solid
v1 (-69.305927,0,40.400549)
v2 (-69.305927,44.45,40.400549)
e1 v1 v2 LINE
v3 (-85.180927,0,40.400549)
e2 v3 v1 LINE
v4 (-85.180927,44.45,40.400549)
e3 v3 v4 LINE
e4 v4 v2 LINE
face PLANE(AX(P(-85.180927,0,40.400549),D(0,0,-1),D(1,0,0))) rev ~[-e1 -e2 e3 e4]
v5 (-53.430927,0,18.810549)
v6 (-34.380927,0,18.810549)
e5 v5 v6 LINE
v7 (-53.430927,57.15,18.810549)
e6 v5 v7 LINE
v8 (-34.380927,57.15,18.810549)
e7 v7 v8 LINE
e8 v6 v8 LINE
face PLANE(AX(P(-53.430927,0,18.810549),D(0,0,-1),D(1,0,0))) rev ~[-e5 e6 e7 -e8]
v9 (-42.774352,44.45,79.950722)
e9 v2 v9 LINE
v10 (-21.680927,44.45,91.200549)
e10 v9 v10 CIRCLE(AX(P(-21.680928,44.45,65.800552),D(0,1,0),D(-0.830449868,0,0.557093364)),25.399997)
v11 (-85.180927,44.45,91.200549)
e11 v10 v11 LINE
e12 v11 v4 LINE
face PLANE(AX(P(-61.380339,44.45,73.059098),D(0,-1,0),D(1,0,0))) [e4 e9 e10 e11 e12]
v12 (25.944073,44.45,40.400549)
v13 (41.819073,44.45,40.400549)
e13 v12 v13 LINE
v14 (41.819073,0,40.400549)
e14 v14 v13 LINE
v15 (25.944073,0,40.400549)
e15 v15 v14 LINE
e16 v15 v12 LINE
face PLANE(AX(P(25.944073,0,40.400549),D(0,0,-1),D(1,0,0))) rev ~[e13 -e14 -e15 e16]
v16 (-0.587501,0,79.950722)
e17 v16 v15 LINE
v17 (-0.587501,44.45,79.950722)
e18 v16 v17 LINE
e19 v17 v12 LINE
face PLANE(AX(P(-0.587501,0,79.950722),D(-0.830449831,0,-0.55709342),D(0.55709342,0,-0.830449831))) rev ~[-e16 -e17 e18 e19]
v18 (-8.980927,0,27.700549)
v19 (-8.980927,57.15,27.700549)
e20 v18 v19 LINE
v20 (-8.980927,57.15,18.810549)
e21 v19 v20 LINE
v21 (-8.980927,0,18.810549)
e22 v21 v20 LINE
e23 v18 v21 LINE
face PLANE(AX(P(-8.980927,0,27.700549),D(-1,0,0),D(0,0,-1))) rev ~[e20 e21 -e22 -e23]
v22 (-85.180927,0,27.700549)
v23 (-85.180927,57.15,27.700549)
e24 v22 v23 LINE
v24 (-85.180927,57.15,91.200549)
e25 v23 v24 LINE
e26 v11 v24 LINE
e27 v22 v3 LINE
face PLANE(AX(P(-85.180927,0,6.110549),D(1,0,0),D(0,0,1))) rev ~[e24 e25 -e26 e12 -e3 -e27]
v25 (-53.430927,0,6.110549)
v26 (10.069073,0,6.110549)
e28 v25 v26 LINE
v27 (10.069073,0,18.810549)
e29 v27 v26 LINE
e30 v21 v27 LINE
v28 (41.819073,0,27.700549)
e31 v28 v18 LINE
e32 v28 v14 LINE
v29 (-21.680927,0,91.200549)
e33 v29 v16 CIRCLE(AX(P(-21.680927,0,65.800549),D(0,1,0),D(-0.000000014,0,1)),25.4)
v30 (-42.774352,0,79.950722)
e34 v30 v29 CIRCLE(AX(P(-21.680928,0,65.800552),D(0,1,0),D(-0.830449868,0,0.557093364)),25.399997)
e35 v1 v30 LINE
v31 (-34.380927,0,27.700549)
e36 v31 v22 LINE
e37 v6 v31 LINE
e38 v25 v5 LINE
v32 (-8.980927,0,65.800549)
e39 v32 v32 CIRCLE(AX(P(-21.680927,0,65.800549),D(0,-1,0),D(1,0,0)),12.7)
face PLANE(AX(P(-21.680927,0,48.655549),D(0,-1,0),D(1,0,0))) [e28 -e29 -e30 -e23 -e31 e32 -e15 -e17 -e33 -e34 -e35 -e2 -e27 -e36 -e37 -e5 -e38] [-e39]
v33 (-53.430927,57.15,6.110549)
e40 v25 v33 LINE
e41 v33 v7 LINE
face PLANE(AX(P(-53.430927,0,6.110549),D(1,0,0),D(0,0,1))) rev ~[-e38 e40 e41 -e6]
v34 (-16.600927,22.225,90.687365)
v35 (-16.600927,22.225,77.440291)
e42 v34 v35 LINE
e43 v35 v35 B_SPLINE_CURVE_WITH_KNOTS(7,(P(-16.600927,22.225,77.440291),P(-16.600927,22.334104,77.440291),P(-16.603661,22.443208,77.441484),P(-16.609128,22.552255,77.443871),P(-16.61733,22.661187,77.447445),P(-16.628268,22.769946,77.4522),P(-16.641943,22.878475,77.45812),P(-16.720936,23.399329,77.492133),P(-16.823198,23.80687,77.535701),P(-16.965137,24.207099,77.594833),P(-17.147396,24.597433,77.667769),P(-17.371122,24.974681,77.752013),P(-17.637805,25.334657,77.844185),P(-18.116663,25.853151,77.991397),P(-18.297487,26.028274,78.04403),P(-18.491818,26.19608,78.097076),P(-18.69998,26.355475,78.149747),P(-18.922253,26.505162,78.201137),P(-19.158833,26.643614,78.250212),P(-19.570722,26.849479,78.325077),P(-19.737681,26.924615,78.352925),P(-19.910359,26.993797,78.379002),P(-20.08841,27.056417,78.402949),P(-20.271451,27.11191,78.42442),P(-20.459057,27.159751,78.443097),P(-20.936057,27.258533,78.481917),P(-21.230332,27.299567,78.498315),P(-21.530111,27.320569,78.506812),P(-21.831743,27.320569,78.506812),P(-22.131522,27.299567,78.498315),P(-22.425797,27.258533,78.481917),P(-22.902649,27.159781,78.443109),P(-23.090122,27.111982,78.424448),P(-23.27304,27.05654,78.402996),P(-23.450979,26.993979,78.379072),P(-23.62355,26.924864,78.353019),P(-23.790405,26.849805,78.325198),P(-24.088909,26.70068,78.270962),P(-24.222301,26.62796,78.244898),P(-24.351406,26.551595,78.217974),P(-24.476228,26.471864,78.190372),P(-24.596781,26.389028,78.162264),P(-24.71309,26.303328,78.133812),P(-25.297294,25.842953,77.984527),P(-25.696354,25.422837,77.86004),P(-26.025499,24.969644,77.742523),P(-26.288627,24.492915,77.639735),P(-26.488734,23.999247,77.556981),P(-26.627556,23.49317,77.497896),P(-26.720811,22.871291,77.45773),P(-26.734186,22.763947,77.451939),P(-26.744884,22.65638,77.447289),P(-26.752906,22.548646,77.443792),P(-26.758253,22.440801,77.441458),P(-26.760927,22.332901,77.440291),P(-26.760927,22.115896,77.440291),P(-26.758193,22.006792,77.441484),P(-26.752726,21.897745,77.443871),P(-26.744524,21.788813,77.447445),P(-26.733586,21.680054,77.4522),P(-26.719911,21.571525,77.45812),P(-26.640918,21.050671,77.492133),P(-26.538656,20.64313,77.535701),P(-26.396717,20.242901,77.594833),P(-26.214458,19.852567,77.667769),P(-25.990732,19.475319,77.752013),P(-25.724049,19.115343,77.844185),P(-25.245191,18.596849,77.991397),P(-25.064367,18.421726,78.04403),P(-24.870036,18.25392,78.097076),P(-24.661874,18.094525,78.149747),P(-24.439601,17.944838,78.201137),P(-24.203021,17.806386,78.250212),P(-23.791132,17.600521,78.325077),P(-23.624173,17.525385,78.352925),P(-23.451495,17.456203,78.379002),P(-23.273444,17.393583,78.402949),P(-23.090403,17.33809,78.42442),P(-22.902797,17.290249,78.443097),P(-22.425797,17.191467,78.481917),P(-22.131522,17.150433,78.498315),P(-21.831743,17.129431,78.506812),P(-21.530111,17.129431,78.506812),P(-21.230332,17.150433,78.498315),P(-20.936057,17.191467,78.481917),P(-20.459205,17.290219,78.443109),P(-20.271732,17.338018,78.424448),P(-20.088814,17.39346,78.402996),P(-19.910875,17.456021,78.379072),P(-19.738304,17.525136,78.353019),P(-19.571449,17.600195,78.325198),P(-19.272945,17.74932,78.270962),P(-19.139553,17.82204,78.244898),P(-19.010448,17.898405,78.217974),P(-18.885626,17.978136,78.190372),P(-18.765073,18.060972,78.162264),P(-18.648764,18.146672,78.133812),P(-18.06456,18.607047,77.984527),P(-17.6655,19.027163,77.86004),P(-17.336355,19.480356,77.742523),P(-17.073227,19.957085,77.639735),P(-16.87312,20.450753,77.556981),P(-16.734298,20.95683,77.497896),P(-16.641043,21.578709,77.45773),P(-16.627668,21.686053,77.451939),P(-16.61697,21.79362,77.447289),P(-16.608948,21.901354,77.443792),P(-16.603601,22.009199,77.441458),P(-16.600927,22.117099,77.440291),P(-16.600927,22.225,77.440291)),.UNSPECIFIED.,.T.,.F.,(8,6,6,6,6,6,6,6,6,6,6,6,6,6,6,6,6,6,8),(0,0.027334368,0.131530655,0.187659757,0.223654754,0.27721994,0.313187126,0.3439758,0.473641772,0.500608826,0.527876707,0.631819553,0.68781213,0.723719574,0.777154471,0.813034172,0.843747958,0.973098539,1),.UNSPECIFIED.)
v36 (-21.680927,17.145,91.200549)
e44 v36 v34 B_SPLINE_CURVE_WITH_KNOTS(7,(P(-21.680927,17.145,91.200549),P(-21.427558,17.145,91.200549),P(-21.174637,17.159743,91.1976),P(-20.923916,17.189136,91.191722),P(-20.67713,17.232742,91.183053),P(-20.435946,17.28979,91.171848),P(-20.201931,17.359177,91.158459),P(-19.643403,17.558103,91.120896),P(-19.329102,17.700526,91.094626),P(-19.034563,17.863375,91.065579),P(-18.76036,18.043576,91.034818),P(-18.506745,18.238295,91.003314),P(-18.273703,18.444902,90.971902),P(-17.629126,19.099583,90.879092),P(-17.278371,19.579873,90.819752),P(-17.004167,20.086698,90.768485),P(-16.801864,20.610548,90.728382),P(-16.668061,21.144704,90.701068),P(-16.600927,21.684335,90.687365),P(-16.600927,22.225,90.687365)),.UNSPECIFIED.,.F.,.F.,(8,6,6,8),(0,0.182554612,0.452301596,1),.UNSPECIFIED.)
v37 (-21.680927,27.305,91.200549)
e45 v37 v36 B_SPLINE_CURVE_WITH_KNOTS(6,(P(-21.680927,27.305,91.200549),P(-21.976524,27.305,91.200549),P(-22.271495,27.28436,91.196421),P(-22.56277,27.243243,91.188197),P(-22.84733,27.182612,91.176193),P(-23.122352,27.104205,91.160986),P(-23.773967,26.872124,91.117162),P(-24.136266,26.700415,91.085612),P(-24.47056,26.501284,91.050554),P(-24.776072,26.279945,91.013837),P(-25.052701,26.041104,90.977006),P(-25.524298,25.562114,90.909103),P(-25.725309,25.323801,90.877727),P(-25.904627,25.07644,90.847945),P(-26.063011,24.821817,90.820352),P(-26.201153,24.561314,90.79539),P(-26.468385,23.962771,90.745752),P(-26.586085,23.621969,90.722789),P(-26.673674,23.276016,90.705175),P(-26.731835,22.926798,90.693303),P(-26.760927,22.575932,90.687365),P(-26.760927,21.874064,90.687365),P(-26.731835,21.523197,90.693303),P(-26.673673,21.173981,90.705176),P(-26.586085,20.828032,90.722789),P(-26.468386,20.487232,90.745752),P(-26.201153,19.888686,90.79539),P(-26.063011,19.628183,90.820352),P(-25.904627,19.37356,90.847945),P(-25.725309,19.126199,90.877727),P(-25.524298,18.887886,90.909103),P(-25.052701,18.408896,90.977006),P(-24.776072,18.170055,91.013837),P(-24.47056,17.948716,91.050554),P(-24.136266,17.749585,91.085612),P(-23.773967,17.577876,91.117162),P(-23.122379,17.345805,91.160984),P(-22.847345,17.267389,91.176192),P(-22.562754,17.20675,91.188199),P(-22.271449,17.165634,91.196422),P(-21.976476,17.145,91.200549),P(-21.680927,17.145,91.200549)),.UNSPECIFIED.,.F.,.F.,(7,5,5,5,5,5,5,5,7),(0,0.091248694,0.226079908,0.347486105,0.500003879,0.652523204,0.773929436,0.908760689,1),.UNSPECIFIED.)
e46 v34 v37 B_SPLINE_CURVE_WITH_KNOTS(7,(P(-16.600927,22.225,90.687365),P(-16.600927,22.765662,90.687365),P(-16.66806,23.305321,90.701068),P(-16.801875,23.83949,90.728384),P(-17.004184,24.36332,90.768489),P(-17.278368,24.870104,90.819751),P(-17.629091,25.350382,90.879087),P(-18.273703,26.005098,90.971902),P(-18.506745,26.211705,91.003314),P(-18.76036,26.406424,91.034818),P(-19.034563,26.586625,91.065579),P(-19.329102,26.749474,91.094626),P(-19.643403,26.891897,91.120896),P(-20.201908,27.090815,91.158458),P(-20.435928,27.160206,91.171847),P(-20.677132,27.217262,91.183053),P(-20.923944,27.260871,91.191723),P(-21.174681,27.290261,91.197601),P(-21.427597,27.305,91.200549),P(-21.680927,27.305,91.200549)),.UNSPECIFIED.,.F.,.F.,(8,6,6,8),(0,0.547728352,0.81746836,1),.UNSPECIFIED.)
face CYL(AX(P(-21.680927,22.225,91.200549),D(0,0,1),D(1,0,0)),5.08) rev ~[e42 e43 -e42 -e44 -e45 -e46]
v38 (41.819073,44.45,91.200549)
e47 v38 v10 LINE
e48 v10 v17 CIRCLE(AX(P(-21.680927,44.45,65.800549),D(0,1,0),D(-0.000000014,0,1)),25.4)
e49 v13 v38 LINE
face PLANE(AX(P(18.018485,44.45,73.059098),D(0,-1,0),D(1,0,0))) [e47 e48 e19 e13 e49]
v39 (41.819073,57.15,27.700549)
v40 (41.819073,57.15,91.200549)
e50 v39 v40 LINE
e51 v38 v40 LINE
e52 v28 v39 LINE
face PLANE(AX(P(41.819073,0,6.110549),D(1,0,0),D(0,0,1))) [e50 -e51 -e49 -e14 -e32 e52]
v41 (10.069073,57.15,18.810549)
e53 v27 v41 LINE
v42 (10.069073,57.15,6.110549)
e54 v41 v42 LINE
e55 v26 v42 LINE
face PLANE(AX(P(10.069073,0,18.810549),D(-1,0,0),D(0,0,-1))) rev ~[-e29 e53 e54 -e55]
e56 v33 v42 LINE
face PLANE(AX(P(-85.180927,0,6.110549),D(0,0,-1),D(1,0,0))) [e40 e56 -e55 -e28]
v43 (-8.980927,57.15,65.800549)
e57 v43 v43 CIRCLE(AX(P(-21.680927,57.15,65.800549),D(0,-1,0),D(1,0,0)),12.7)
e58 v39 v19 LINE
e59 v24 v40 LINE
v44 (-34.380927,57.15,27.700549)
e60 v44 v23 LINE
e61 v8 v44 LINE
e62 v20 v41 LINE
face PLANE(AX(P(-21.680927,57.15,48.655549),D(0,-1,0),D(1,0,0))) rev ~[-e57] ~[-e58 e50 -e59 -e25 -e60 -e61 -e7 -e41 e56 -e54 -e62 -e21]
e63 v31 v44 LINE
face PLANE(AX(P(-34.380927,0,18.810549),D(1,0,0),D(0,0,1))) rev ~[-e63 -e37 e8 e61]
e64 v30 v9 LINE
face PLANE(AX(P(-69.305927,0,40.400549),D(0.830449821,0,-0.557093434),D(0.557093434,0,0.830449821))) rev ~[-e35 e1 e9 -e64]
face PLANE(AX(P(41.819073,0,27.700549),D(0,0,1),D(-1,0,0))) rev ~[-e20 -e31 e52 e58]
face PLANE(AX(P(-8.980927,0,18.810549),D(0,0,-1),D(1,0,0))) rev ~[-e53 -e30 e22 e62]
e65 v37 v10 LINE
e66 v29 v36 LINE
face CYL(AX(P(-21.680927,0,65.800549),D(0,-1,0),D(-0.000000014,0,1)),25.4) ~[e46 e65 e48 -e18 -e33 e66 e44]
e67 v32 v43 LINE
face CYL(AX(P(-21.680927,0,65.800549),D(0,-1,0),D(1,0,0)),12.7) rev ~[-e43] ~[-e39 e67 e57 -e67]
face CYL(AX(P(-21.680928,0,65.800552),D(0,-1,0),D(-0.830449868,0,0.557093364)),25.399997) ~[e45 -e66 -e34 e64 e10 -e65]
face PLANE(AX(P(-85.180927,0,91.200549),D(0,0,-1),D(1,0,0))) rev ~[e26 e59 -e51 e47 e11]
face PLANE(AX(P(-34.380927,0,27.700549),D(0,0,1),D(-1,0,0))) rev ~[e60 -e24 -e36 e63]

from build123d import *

# Parameters (mm, degrees)
F0_W     = 127
F0_H     = 85.09
F1_DEPTH = 57.15
F4_DEPTH = 57.151
F5_DEPTH = 44.45
F2_R     = 12.7
F6_DEPTH = 57.151
F3_R     = 5.08
F7_DEPTH = 25.4


with BuildPart() as f1:
    # F0 (on Front) → F1 (new body)
    with BuildSketch(Plane.XZ):
        with Locations((-21.680927, 48.655549)):
            Rectangle(F0_W, F0_H)
    extrude(amount=-F1_DEPTH)

    # F2 (on face) → F4 (cut, through all)
    with BuildSketch(Plane.XZ):
        Polygon((-85.180927, 6.110549), (-53.430927, 6.110549), (-53.430927, 18.810549), (-34.380927, 18.810549), (-34.380927, 27.700549), (-85.180927, 27.700549), align=None)
        Polygon((10.069073, 18.810549), (10.069073, 6.110549), (41.819073, 6.110549), (41.819073, 27.700549), (-8.980927, 27.700549), (-8.980927, 18.810549), align=None)
    extrude(amount=-F4_DEPTH, mode=Mode.SUBTRACT)

    # F2 (on face) → F5 (cut)
    with BuildSketch(Plane.XZ):
        with BuildLine():
            Line((-85.180927, 91.200549), (-85.180927, 40.400549))
            Line((-85.180927, 40.400549), (-69.305927, 40.400549))
            Line((-69.305927, 40.400549), (-42.774352, 79.950722))
            ThreePointArc((-42.774352, 79.950722), (-33.633868, 88.212314), (-21.680927, 91.200549))
            Line((-21.680927, 91.200549), (-85.180927, 91.200549))
        make_face()
        with BuildLine():
            Line((25.944073, 40.400549), (41.819073, 40.400549))
            Line((41.819073, 40.400549), (41.819073, 91.200549))
            Line((41.819073, 91.200549), (-21.680927, 91.200549))
            ThreePointArc((-21.680927, 91.200549), (-9.727986, 88.212314), (-0.587501, 79.950722))
            Line((-0.587501, 79.950722), (25.944073, 40.400549))
        make_face()
    extrude(amount=-F5_DEPTH, mode=Mode.SUBTRACT)

    # F2 (on face) → F6 (cut, through all)
    with BuildSketch(Plane.XZ):
        with Locations((-21.680927, 65.800549)):
            Circle(F2_R)
    extrude(amount=-F6_DEPTH, mode=Mode.SUBTRACT)

    # F3 (on face) → F7 (cut)
    with BuildSketch(Plane.XY.offset(91.200549)):
        with Locations((-21.680927, 22.225)):
            Circle(F3_R)
    extrude(amount=-F7_DEPTH, mode=Mode.SUBTRACT)


solid = f1.part
